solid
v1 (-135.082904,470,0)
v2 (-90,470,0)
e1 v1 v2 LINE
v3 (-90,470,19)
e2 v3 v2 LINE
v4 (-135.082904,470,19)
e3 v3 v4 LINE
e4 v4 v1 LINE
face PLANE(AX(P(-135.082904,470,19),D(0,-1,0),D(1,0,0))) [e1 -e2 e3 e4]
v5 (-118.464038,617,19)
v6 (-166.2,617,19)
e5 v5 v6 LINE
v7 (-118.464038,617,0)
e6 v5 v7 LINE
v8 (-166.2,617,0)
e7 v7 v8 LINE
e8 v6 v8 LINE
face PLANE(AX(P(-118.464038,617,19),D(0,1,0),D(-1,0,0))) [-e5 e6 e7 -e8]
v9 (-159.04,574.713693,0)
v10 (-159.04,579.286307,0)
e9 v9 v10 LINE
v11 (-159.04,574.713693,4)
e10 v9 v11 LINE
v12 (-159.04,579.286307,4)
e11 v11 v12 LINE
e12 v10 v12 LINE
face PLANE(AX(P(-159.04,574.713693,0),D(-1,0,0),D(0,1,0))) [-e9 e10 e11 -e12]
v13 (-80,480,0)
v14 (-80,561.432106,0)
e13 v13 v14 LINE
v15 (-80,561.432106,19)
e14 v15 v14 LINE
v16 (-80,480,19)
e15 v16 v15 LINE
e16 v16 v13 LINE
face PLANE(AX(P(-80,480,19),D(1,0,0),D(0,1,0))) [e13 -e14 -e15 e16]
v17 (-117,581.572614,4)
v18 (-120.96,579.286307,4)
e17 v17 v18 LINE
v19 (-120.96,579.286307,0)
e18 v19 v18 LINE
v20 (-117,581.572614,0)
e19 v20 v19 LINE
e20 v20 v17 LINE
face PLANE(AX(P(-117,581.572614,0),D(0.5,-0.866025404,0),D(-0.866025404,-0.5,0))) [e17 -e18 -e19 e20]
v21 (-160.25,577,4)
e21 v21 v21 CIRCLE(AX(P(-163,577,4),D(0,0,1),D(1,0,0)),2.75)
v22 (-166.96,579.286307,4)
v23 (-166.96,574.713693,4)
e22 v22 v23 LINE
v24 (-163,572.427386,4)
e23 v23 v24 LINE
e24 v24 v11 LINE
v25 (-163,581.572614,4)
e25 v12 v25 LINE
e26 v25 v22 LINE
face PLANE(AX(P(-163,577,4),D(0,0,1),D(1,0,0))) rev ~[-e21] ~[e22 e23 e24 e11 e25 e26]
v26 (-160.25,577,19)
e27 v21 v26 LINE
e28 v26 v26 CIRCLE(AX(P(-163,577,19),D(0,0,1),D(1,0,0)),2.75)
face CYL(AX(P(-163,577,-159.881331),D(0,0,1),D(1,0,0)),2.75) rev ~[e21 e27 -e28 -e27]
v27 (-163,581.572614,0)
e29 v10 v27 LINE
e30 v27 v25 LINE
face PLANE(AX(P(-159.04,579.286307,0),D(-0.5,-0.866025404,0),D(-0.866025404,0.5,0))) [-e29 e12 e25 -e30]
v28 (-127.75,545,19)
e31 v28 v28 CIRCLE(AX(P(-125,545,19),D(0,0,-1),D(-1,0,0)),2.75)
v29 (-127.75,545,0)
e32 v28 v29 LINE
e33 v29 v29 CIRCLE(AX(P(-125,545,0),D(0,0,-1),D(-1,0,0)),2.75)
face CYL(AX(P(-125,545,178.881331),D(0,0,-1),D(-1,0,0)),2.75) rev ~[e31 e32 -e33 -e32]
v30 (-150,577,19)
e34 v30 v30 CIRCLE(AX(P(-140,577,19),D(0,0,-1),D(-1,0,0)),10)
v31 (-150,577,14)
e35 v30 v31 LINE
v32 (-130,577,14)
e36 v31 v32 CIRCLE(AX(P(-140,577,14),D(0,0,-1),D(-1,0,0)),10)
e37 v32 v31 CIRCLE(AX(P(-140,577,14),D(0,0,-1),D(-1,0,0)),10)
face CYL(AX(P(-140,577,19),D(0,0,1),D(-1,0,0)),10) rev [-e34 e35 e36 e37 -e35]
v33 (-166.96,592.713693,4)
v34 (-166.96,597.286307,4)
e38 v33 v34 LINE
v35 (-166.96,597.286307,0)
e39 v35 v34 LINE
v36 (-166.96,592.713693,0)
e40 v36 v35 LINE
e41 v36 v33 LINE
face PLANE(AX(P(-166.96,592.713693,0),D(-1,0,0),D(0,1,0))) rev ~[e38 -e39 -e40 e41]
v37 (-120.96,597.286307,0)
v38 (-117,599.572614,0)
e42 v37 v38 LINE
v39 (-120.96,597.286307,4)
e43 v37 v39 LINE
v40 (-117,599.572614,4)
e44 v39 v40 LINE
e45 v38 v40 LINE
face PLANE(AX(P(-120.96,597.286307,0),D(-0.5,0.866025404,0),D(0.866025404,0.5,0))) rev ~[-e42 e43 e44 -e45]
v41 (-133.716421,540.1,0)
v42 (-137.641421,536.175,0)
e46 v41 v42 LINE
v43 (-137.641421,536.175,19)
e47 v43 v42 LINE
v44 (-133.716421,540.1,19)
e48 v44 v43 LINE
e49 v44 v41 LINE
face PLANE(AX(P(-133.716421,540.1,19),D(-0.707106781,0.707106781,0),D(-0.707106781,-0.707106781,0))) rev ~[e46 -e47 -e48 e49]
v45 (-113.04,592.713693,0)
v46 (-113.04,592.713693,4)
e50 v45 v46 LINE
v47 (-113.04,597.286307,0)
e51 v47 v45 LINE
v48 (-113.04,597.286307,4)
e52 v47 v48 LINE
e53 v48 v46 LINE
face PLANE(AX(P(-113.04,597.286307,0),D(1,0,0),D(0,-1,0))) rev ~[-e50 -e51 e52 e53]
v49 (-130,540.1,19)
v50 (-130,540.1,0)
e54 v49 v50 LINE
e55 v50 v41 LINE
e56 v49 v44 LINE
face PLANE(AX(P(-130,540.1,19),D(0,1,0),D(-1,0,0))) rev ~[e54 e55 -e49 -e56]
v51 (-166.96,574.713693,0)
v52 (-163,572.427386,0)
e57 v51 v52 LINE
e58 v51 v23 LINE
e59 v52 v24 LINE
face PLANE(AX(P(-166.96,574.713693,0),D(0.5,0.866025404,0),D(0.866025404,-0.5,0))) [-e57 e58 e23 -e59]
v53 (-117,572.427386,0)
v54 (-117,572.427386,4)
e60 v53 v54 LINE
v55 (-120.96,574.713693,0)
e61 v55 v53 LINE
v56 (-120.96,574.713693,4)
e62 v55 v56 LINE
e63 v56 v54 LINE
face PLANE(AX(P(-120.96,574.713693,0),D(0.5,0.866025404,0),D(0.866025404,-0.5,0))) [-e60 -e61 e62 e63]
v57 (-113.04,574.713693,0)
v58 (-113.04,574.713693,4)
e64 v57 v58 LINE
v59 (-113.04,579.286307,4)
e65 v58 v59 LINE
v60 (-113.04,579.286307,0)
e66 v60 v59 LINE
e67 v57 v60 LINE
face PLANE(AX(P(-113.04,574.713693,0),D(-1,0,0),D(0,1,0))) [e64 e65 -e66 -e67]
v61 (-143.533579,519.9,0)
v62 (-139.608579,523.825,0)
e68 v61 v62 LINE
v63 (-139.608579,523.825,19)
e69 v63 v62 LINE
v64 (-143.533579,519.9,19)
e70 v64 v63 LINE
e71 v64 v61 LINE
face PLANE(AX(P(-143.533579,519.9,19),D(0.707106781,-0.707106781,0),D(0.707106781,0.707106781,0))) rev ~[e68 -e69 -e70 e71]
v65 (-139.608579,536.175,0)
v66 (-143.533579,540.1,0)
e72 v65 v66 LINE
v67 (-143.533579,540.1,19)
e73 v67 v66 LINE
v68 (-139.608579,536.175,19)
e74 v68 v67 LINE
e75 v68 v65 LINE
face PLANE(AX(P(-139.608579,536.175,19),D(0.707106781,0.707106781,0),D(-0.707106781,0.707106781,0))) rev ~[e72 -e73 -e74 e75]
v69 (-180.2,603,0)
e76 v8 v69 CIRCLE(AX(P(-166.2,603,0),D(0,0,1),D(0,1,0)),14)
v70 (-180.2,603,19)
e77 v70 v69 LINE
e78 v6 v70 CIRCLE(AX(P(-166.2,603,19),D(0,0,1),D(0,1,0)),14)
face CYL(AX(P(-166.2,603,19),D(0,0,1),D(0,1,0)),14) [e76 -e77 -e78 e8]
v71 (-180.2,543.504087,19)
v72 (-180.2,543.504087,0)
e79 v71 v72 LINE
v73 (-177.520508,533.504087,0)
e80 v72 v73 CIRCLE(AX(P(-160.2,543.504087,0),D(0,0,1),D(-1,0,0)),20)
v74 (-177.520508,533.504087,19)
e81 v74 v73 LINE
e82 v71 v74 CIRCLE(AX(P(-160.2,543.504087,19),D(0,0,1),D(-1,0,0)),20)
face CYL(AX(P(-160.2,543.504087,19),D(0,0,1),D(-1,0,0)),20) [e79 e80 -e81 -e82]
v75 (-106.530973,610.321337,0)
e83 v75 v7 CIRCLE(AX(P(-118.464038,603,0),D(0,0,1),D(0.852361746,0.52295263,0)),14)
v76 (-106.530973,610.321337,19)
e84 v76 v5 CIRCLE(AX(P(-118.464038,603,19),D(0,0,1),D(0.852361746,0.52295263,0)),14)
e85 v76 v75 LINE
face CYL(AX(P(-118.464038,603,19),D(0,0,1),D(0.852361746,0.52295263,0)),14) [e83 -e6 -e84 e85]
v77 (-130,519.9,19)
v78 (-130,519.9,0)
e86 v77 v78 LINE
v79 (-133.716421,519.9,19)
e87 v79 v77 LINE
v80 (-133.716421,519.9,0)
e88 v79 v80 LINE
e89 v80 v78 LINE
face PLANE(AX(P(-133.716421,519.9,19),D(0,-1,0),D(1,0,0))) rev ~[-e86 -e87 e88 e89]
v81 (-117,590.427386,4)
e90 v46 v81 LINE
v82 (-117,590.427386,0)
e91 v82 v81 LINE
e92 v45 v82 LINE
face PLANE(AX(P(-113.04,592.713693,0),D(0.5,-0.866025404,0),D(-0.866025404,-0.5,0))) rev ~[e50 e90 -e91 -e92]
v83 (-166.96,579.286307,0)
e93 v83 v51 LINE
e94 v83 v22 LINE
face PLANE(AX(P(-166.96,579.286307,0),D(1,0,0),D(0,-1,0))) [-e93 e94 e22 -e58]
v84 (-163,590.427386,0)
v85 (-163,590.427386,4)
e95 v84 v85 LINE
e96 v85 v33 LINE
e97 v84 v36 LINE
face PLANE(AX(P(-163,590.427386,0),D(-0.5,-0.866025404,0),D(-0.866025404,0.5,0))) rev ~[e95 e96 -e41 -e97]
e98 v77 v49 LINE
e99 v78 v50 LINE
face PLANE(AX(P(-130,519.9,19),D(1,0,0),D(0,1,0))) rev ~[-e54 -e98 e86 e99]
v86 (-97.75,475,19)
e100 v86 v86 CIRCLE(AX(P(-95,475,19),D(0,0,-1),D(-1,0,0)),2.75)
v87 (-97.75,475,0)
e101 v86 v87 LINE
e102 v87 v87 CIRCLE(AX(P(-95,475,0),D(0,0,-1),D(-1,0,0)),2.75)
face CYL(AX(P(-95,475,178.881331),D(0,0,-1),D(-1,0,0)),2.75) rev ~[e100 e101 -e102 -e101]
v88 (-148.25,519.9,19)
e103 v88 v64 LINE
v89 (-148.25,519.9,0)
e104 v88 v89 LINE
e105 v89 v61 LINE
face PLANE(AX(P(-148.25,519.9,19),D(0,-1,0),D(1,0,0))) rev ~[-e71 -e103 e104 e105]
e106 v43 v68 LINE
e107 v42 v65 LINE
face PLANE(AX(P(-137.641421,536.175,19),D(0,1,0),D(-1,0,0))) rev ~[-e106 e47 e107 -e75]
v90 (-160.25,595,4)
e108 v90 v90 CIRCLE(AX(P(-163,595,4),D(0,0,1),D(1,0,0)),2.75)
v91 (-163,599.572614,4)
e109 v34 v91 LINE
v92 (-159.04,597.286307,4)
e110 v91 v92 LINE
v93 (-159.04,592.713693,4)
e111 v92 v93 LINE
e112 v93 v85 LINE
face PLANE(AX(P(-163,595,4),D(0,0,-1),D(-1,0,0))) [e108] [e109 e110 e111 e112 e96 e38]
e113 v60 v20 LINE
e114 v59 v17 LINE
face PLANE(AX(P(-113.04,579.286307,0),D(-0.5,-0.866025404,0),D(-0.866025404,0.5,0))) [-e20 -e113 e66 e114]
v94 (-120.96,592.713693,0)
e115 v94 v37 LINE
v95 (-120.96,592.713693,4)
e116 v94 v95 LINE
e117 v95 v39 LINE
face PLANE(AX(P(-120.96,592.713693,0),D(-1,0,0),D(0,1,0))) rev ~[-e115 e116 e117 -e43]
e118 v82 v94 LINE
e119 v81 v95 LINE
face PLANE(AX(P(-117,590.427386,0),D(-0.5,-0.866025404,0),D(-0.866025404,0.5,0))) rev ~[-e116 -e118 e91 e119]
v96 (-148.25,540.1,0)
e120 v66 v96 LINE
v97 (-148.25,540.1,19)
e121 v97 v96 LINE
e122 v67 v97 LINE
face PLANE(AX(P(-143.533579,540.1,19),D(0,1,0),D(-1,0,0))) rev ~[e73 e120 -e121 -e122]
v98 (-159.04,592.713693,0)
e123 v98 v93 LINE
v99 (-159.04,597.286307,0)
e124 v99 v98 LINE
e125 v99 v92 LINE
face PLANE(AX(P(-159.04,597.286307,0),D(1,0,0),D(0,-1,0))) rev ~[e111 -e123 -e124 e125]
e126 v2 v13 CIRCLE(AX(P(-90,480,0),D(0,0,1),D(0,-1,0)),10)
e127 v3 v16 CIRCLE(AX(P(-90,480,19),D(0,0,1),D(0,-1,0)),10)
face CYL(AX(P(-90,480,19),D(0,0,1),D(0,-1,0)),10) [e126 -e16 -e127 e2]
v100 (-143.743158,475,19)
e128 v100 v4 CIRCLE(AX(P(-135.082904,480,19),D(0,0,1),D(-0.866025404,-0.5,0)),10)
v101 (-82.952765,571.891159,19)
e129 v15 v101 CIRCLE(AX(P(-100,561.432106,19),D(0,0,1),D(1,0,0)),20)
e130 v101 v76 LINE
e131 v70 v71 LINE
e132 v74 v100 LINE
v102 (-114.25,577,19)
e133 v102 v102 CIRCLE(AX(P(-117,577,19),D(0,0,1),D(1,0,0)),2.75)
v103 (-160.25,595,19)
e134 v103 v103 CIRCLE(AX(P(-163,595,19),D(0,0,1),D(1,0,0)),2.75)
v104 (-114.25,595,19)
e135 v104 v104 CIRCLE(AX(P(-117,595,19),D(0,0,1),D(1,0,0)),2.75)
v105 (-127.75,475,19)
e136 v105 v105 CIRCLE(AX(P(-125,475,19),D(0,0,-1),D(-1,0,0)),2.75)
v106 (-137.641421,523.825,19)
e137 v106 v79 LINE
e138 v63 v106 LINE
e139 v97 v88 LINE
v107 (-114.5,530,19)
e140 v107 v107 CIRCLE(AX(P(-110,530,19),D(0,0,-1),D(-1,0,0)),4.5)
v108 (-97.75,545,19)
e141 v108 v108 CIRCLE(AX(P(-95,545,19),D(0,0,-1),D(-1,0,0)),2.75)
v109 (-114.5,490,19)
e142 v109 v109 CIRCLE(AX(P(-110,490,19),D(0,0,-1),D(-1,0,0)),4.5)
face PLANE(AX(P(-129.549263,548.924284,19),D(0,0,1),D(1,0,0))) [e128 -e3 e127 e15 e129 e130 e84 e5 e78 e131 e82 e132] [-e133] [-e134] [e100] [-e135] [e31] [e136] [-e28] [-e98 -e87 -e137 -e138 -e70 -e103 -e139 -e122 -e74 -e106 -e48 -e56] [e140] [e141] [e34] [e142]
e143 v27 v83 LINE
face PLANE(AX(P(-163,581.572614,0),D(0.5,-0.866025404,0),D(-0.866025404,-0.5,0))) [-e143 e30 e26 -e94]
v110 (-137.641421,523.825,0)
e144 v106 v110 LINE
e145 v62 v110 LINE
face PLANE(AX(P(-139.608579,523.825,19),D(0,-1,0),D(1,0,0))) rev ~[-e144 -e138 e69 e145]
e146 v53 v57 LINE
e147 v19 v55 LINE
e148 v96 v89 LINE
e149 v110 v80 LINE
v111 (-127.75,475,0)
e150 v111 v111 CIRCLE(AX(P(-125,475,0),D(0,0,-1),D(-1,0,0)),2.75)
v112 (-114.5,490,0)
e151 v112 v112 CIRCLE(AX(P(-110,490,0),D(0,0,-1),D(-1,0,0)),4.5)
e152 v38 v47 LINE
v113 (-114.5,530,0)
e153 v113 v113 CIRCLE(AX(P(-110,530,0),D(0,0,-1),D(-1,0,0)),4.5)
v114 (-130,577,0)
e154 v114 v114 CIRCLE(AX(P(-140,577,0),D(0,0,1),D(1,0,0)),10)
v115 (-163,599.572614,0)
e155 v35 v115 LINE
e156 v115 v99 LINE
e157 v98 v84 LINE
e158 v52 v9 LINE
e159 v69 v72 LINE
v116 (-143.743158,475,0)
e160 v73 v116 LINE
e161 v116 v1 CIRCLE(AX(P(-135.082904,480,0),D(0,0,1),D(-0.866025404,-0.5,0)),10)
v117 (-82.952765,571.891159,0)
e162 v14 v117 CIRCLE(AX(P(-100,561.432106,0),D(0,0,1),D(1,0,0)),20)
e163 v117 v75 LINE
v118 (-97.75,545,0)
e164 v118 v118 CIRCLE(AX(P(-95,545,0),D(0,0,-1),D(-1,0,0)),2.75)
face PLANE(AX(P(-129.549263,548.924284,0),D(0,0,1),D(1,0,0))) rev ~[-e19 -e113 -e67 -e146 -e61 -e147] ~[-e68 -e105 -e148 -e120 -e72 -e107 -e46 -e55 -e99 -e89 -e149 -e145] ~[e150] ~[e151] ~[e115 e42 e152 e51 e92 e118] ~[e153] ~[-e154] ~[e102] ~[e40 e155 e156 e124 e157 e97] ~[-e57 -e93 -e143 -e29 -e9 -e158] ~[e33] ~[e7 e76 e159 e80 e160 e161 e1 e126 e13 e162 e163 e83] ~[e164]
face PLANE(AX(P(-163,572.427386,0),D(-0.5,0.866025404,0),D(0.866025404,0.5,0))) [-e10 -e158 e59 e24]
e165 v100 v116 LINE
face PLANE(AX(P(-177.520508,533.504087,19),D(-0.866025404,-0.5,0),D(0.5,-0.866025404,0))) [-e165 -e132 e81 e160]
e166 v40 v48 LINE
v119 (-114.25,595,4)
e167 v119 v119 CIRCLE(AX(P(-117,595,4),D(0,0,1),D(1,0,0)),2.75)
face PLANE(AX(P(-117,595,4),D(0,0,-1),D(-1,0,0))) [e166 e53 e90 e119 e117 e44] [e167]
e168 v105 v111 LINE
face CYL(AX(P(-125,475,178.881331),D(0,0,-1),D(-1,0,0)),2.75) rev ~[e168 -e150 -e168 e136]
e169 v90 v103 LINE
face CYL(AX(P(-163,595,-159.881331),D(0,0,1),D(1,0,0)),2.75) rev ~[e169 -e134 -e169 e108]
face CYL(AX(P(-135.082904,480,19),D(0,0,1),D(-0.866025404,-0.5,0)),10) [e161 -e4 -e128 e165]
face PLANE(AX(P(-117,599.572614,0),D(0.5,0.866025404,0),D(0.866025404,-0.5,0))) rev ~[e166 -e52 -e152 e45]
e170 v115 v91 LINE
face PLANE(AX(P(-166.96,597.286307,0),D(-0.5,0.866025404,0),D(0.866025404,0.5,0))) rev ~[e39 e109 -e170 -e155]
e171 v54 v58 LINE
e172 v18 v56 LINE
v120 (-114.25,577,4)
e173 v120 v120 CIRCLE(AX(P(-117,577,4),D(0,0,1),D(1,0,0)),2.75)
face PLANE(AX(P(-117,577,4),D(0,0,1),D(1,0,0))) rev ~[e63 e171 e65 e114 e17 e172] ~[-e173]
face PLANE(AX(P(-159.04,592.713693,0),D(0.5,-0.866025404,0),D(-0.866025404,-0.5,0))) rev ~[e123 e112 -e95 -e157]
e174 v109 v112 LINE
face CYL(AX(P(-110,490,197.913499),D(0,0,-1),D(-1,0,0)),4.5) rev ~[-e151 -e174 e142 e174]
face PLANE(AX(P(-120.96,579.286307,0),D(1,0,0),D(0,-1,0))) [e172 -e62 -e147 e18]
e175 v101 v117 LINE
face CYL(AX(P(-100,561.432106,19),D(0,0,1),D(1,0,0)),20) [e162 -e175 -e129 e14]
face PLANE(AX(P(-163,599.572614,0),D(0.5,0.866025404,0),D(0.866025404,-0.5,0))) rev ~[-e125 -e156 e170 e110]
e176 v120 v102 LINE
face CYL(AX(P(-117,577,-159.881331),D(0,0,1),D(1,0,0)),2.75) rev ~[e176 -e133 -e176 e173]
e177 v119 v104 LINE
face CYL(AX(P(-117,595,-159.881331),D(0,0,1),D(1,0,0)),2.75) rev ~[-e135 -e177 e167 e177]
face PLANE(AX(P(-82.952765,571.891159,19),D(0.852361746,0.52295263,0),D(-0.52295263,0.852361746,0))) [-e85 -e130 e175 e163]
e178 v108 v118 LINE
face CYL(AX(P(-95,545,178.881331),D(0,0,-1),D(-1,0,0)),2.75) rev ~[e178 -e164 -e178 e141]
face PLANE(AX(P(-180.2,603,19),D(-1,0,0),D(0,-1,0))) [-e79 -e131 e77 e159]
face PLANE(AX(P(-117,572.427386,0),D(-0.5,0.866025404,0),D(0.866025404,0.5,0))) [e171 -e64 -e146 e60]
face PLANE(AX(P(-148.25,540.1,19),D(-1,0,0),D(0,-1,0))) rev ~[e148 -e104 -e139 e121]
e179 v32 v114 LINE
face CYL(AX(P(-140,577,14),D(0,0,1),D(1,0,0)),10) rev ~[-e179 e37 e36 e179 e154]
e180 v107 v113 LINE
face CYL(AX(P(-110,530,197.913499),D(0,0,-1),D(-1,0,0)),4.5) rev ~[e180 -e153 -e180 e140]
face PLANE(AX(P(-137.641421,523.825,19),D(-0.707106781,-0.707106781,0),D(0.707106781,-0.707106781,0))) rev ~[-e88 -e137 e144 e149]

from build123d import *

# Parameters (mm, degrees)
BOSS_EXTRUDE1_DEPTH  = 19
FILLET1_R            = 10
M5_CLEARANCE_HOLE2_D = 5.5
M5_CLEARANCE_HOLE1_D = 5.5
FILLET2_R            = 4
BOSS_EXTRUDE2_DEPTH  = 19
M8_CLEARANCE_HOLE1_D = 9
CUT_EXTRUDE2_DEPTH   = 4
SKETCH16_R           = 10
CUT_EXTRUDE3_DEPTH   = 5
CUT_EXTRUDE4_DEPTH   = 20
SKETCH19_R           = 10
CUT_EXTRUDE5_DEPTH   = 20


with BuildPart() as part:
    # Sketch1 → Boss-Extrude1 (new body)
    with BuildSketch(Plane.XY):
        with BuildLine():
            Line((-170.200000001, 540.824594888), (-129.309401077, 470))
            Line((-129.309401077, 470), (-93, 470))
            ThreePointArc((-93, 470), (-90.878679656, 470.878679656), (-90, 473))
            Line((-90, 473), (-90, 564.25527297))
            Line((-90, 564.25527297), (-116.225329238, 607))
            Line((-116.225329238, 607), (-170.200000001, 607))
            Line((-170.200000001, 607), (-170.200000001, 540.824594888))
        make_face()
    extrude(amount=BOSS_EXTRUDE1_DEPTH)

    # Fillet1
    fillet1_edges = [part.edges().sort_by_distance(p)[0] for p in [
        (-90, 564.25527297, 9.5),
        (-129.309401077, 470, 9.5),
        (-170.200000001, 540.824594888, 9.5),
    ]]
    fillet(fillet1_edges, radius=FILLET1_R)

    # M5 Clearance Hole2 (through all)
    with Locations(Plane(origin=(0, 0, 0), x_dir=(-1, 0, 0), z_dir=(0, 0, -1))):
        with Locations((117.000000001, 595), (117.000000001, 577), (163.000000001, 577), (163.000000001, 595)):
            Hole(M5_CLEARANCE_HOLE2_D / 2)

    # M5 Clearance Hole1 (through all)
    with Locations(Plane.XY.offset(19)):
        with Locations((-95, 545), (-125, 545), (-125, 475), (-95, 475), (-110, 490), (-110, 530)):
            Hole(M5_CLEARANCE_HOLE1_D / 2)

    # Fillet2
    fillet2_edges = [part.edges().sort_by_distance(p)[0] for p in [
        (-116.225329238, 607, 9.5),
        (-170.200000001, 607, 9.5),
    ]]
    fillet(fillet2_edges, radius=FILLET2_R)

    # Sketch11 → Boss-Extrude2 (add)
    with BuildSketch(Plane.XY.offset(19)):
        with BuildLine():
            ThreePointArc((-143.743157806, 475), (-140.082903769, 471.339745962), (-135.082903769, 470))
            Line((-135.082903769, 470), (-123.535898385, 470))
            ThreePointArc((-123.535898385, 470), (-128.535898385, 471.339745962), (-132.196152423, 475))
            Line((-132.196152423, 475), (-168.860254039, 538.504086813))
            ThreePointArc((-168.860254039, 538.504086813), (-169.859258264, 540.915896362), (-170.200000001, 543.504086813))
            Line((-170.200000001, 543.504086813), (-170.200000001, 603))
            ThreePointArc((-170.200000001, 603), (-169.028427125, 605.828427125), (-166.200000001, 607))
            Line((-166.200000001, 607), (-118.464037729, 607))
            ThreePointArc((-118.464037729, 607), (-116.510482263, 606.490504411), (-115.054590744, 605.091810521))
            Line((-115.054590744, 605.091810521), (-91.476382537, 566.661632408))
            ThreePointArc((-91.476382537, 566.661632408), (-90.37617086, 564.149073659), (-90, 561.432106106))
            Line((-90, 561.432106106), (-90, 473))
            ThreePointArc((-90, 473), (-90.878679656, 470.878679656), (-93, 470))
            Line((-93, 470), (-90, 470))
            ThreePointArc((-90, 470), (-82.928932188, 472.928932188), (-80, 480))
            Line((-80, 480), (-80, 561.432106106))
            ThreePointArc((-80, 561.432106106), (-80.75234172, 566.866041212), (-82.952765074, 571.89115871))
            Line((-82.952765074, 571.89115871), (-106.530973281, 610.321336823))
            ThreePointArc((-106.530973281, 610.321336823), (-111.626593598, 615.216765438), (-118.464037729, 617))
            Line((-118.464037729, 617), (-166.200000001, 617))
            ThreePointArc((-166.200000001, 617), (-176.099494937, 612.899494937), (-180.200000001, 603))
            Line((-180.200000001, 603), (-180.200000001, 543.504086813))
            ThreePointArc((-180.200000001, 543.504086813), (-179.518516526, 538.327705911), (-177.520508076, 533.504086813))
            Line((-177.520508076, 533.504086813), (-143.743157806, 475))
        make_face()
    extrude(amount=-BOSS_EXTRUDE2_DEPTH)

    # M8 Clearance Hole1 (through all)
    with Locations(Plane.XY.offset(19)):
        with Locations((-110, 530), (-110, 490)):
            Hole(M8_CLEARANCE_HOLE1_D / 2)

    # Sketch15 → Cut-Extrude2 (cut)
    with BuildSketch(Plane.XY):
        Polygon((-166.960000001, 579.286307066), (-166.960000001, 574.713692934), (-163.000000001, 572.427385868), (-159.040000001, 574.713692934), (-159.040000001, 579.286307066), (-163.000000001, 581.572614132), align=None)
        Polygon((-120.960000001, 579.286307066), (-120.960000001, 574.713692934), (-117.000000001, 572.427385868), (-113.040000001, 574.713692934), (-113.040000001, 579.286307066), (-117.000000001, 581.572614132), align=None)
        Polygon((-113.040000001, 592.713692934), (-117.000000001, 590.427385868), (-120.960000001, 592.713692934), (-120.960000001, 597.286307066), (-117.000000001, 599.572614132), (-113.040000001, 597.286307066), align=None)
        Polygon((-163.000000001, 590.427385868), (-166.960000001, 592.713692934), (-166.960000001, 597.286307066), (-163.000000001, 599.572614132), (-159.040000001, 597.286307066), (-159.040000001, 592.713692934), align=None)
    extrude(amount=CUT_EXTRUDE2_DEPTH, mode=Mode.SUBTRACT)

    # Sketch16 → Cut-Extrude3 (cut)
    with BuildSketch(Plane(origin=(0, 0, 19), x_dir=(-1, 0, 0), z_dir=(0, 0, -1))):
        with Locations((140.000000001, 577)):
            Circle(SKETCH16_R)
    extrude(amount=CUT_EXTRUDE3_DEPTH, mode=Mode.SUBTRACT)

    # Sketch18 → Cut-Extrude4 (cut)
    with BuildSketch(Plane.XY.offset(19)):
        Polygon((-130, 540.1), (-133.716421356, 540.1), (-137.641421356, 536.175), (-139.608578644, 536.175), (-143.533578644, 540.1), (-148.25, 540.1), (-148.25, 519.9), (-143.533578644, 519.9), (-139.608578644, 523.825), (-137.641421356, 523.825), (-133.716421356, 519.9), (-130, 519.9), align=None)
    extrude(amount=-CUT_EXTRUDE4_DEPTH, mode=Mode.SUBTRACT)

    # Sketch19 → Cut-Extrude5 (cut)
    with BuildSketch(Plane.XY.offset(14)):
        with Locations((-140.000000001, 577)):
            Circle(SKETCH19_R)
    extrude(amount=-CUT_EXTRUDE5_DEPTH, mode=Mode.SUBTRACT)


solid = part.part
